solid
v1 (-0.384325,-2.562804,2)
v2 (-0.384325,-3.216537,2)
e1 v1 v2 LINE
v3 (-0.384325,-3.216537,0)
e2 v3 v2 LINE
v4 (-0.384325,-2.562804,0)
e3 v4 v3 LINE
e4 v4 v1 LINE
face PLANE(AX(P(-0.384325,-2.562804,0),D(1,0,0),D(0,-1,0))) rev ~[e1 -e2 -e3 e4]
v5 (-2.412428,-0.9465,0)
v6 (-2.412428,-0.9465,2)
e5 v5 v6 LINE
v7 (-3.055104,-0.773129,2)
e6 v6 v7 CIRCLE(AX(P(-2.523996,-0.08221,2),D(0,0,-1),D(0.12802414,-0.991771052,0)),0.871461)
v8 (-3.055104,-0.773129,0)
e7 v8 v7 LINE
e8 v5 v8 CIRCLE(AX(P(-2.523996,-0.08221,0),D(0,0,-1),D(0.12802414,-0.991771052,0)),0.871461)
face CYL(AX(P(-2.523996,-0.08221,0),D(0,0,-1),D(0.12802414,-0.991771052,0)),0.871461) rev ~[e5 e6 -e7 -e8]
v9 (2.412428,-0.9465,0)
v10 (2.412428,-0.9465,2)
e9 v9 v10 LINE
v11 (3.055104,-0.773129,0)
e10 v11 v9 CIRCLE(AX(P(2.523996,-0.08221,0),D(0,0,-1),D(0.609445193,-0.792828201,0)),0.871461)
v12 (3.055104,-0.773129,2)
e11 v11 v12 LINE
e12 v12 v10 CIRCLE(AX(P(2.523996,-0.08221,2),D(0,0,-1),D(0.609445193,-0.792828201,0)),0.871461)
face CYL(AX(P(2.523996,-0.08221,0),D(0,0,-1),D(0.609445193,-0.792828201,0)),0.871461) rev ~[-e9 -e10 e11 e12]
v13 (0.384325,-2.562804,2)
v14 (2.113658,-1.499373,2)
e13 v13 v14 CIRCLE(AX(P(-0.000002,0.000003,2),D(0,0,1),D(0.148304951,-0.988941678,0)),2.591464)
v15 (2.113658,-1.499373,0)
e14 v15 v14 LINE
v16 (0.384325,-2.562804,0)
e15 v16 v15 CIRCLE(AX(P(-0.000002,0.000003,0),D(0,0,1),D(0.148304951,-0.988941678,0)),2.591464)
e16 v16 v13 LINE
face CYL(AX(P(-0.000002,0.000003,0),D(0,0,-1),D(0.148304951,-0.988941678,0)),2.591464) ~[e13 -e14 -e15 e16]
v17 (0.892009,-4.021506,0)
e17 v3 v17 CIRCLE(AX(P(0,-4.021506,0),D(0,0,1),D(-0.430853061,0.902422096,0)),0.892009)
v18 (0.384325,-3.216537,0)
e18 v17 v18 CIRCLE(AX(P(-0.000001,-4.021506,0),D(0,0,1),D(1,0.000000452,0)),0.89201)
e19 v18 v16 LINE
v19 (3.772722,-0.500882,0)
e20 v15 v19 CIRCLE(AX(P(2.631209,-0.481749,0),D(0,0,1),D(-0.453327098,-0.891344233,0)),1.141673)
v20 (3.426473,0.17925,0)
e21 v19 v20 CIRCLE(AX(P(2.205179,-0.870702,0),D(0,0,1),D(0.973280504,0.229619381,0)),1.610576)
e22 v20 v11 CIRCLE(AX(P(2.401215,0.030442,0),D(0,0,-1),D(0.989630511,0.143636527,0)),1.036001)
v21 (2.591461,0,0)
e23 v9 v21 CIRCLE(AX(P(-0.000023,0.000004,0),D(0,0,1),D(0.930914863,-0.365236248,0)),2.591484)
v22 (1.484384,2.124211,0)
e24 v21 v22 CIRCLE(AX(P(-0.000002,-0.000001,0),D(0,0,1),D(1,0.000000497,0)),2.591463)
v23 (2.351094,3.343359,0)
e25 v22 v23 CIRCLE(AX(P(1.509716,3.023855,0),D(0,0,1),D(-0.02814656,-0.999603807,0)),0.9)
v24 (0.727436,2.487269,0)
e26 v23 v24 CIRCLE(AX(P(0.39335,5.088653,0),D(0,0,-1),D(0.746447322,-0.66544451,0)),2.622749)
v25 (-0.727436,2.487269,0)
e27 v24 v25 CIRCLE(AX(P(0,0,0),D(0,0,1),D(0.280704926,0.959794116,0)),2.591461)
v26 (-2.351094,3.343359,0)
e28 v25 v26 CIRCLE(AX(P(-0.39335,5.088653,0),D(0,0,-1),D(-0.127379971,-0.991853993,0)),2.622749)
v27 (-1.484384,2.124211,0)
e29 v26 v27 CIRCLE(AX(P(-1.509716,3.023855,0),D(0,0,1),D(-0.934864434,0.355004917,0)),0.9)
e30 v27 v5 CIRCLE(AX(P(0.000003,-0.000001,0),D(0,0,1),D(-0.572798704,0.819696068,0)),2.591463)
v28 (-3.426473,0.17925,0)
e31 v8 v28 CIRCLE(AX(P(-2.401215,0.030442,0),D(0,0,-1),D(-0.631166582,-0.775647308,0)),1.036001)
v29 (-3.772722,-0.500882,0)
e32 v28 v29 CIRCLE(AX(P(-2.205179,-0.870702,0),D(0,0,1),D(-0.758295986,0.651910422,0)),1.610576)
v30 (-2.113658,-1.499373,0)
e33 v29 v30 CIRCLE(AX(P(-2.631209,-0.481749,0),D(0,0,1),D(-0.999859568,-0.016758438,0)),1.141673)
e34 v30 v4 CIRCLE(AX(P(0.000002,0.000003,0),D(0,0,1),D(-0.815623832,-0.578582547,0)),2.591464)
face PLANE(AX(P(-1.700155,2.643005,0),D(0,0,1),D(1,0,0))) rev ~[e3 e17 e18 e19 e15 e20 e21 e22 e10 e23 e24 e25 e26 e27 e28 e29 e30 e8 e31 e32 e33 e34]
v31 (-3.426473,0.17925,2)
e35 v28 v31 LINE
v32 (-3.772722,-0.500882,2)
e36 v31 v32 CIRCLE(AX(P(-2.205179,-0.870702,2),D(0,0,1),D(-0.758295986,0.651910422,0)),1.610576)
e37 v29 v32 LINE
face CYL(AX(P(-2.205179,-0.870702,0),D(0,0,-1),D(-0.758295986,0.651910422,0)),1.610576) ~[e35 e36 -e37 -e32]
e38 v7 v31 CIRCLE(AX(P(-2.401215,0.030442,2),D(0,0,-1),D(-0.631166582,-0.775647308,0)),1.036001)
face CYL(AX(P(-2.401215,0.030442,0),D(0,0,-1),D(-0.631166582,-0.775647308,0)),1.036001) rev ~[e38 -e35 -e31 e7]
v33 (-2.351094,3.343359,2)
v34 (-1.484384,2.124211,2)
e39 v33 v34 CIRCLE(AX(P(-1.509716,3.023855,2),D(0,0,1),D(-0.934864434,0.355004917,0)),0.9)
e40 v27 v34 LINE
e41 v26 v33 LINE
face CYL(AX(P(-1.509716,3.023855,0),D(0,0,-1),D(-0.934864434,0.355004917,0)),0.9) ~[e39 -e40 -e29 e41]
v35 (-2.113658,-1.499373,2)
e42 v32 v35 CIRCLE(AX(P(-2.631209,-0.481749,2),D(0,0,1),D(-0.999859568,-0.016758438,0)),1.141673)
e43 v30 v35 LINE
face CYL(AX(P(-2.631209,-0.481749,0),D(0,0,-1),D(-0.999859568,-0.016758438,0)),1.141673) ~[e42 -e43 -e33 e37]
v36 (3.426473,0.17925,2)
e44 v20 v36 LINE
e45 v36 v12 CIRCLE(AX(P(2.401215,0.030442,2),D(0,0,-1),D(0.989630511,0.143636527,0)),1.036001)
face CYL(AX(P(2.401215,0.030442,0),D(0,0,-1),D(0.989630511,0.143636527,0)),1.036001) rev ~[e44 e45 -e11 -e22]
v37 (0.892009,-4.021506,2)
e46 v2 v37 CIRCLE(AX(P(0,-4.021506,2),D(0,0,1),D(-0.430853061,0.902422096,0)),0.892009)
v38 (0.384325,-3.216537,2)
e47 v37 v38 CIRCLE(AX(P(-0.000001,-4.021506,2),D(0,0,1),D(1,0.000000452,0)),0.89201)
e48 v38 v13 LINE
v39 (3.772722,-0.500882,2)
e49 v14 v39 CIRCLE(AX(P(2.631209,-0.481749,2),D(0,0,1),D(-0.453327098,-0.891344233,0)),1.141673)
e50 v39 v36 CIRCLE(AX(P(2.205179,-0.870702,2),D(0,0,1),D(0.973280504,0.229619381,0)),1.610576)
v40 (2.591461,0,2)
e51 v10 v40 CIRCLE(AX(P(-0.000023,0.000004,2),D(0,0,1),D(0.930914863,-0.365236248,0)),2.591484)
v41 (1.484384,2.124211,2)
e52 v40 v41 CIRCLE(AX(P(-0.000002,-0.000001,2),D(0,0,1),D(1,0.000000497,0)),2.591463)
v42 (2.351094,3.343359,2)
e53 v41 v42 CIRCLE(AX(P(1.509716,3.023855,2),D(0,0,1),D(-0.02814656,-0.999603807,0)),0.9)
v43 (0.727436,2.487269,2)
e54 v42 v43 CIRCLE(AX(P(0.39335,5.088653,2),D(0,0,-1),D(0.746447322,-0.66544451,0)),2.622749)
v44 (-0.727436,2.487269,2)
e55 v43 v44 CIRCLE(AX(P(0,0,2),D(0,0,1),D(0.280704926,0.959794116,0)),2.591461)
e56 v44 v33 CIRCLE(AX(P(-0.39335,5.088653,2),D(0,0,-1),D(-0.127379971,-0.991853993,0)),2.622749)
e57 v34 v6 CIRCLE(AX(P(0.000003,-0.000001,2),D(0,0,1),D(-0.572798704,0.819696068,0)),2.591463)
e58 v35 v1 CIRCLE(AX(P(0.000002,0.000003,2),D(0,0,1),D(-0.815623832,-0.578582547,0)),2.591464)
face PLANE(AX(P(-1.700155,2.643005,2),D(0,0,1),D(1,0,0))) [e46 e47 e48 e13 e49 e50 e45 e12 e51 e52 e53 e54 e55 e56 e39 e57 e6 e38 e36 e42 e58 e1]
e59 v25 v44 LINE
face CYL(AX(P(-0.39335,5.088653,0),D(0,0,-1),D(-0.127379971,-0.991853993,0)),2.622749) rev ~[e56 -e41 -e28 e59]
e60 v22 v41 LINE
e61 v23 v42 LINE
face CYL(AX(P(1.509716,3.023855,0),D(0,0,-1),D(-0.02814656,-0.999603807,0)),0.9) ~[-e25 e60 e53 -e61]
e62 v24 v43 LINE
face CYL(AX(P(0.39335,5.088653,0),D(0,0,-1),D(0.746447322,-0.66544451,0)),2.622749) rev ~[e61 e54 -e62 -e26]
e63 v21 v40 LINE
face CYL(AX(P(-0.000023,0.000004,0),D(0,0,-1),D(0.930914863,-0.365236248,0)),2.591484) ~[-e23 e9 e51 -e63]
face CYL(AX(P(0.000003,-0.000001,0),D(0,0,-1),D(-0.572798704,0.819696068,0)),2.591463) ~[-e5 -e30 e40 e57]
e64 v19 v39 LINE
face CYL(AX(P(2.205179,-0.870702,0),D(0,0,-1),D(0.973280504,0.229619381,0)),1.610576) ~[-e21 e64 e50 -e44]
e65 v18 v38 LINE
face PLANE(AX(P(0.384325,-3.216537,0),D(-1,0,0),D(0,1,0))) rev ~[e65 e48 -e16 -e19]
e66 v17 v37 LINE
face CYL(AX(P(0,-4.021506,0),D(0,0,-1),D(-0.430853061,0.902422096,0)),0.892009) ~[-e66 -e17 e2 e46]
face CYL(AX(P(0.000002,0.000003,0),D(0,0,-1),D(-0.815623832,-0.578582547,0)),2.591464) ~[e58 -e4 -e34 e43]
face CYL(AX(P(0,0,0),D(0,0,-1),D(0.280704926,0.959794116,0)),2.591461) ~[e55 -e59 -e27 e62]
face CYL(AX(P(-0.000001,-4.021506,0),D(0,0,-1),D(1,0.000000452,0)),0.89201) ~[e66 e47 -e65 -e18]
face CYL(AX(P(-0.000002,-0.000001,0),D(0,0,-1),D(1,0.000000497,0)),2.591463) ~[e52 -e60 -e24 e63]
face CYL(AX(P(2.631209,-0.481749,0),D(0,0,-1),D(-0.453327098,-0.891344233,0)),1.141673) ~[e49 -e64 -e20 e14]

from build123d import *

# Parameters (mm, degrees)
F1_DEPTH = 2


with BuildPart() as f1:
    # F0 (on Top) → F1 (new body)
    with BuildSketch(Plane.XY):
        with BuildLine():
            ThreePointArc((-1.484384, 2.124211), (-1.120709, 2.336596), (-0.727436, 2.487269))
            ThreePointArc((-0.727436, 2.487269), (-1.616601, 2.768638), (-2.351094, 3.343359))
            ThreePointArc((-2.351094, 3.343359), (-2.243244, 2.502379), (-1.484384, 2.124211))
        make_face()
        with BuildLine():
            ThreePointArc((-2.113658, -1.499373), (-2.279864, -1.232027), (-2.412428, -0.9465))
            ThreePointArc((-2.412428, -0.9465), (-2.750971, -0.923594), (-3.055104, -0.773129))
            ThreePointArc((-3.055104, -0.773129), (-3.36643, -0.345932), (-3.426473, 0.17925))
            ThreePointArc((-3.426473, 0.17925), (-3.640466, -0.140011), (-3.772722, -0.500882))
            ThreePointArc((-3.772722, -0.500882), (-3.219918, -1.459931), (-2.113658, -1.499373))
        make_face()
        with BuildLine():
            ThreePointArc((3.055104, -0.773129), (2.750971, -0.923594), (2.412428, -0.9465))
            ThreePointArc((2.412428, -0.9465), (2.279864, -1.232027), (2.113658, -1.499373))
            ThreePointArc((2.113658, -1.499373), (3.219918, -1.459931), (3.772722, -0.500882))
            ThreePointArc((3.772722, -0.500882), (3.640466, -0.140011), (3.426473, 0.17925))
            ThreePointArc((3.426473, 0.17925), (3.36643, -0.345932), (3.055104, -0.773129))
        make_face()
        with BuildLine():
            ThreePointArc((0.892009, -4.021506), (0.754487, -3.54566), (0.384325, -3.216537))
            ThreePointArc((0.384325, -3.216537), (0, -3.129497), (-0.384325, -3.216537))
            ThreePointArc((-0.384325, -3.216537), (-0.475846, -4.775993), (0.892009, -4.021506))
        make_face()
        with BuildLine():
            ThreePointArc((2.591461, 0), (2.298085, 1.197695), (1.484384, 2.124211))
            ThreePointArc((1.484384, 2.124211), (1.120709, 2.336596), (0.727436, 2.487269))
            ThreePointArc((0.727436, 2.487269), (0, 2.591461), (-0.727436, 2.487269))
            ThreePointArc((-0.727436, 2.487269), (-1.120709, 2.336596), (-1.484384, 2.124211))
            ThreePointArc((-1.484384, 2.124211), (-2.480645, 0.749711), (-2.412428, -0.9465))
            ThreePointArc((-2.412428, -0.9465), (-2.276223, -1.230181), (-2.111146, -1.498092))
            ThreePointArc((-2.111146, -1.498092), (-2.112401, -1.498733), (-2.113658, -1.499373))
            ThreePointArc((-2.113658, -1.499373), (-1.357461, -2.20748), (-0.384325, -2.562804))
            ThreePointArc((-0.384325, -2.562804), (0, -2.591461), (0.384325, -2.562804))
            ThreePointArc((0.384325, -2.562804), (1.357461, -2.20748), (2.113658, -1.499373))
            ThreePointArc((2.113658, -1.499373), (2.279864, -1.232027), (2.412428, -0.9465))
            ThreePointArc((2.412428, -0.9465), (2.546309, -0.481642), (2.591461, 0))
        make_face()
        with BuildLine():
            ThreePointArc((0.727436, 2.487269), (1.120709, 2.336596), (1.484384, 2.124211))
            ThreePointArc((1.484384, 2.124211), (2.243244, 2.502379), (2.351094, 3.343359))
            ThreePointArc((2.351094, 3.343359), (1.616601, 2.768638), (0.727436, 2.487269))
        make_face()
        with BuildLine():
            Line((0.384325, -3.216537), (0.384325, -2.562804))
            ThreePointArc((0.384325, -2.562804), (0, -2.591461), (-0.384325, -2.562804))
            Line((-0.384325, -2.562804), (-0.384325, -3.216537))
            ThreePointArc((-0.384325, -3.216537), (0, -3.129497), (0.384325, -3.216537))
        make_face()
        with BuildLine():
            ThreePointArc((-2.111146, -1.498092), (-2.276223, -1.230181), (-2.412428, -0.9465))
            ThreePointArc((-2.412428, -0.9465), (-2.279864, -1.232027), (-2.113658, -1.499373))
            ThreePointArc((-2.113658, -1.499373), (-2.112401, -1.498733), (-2.111146, -1.498092))
        make_face()
    extrude(amount=F1_DEPTH)


solid = f1.part
